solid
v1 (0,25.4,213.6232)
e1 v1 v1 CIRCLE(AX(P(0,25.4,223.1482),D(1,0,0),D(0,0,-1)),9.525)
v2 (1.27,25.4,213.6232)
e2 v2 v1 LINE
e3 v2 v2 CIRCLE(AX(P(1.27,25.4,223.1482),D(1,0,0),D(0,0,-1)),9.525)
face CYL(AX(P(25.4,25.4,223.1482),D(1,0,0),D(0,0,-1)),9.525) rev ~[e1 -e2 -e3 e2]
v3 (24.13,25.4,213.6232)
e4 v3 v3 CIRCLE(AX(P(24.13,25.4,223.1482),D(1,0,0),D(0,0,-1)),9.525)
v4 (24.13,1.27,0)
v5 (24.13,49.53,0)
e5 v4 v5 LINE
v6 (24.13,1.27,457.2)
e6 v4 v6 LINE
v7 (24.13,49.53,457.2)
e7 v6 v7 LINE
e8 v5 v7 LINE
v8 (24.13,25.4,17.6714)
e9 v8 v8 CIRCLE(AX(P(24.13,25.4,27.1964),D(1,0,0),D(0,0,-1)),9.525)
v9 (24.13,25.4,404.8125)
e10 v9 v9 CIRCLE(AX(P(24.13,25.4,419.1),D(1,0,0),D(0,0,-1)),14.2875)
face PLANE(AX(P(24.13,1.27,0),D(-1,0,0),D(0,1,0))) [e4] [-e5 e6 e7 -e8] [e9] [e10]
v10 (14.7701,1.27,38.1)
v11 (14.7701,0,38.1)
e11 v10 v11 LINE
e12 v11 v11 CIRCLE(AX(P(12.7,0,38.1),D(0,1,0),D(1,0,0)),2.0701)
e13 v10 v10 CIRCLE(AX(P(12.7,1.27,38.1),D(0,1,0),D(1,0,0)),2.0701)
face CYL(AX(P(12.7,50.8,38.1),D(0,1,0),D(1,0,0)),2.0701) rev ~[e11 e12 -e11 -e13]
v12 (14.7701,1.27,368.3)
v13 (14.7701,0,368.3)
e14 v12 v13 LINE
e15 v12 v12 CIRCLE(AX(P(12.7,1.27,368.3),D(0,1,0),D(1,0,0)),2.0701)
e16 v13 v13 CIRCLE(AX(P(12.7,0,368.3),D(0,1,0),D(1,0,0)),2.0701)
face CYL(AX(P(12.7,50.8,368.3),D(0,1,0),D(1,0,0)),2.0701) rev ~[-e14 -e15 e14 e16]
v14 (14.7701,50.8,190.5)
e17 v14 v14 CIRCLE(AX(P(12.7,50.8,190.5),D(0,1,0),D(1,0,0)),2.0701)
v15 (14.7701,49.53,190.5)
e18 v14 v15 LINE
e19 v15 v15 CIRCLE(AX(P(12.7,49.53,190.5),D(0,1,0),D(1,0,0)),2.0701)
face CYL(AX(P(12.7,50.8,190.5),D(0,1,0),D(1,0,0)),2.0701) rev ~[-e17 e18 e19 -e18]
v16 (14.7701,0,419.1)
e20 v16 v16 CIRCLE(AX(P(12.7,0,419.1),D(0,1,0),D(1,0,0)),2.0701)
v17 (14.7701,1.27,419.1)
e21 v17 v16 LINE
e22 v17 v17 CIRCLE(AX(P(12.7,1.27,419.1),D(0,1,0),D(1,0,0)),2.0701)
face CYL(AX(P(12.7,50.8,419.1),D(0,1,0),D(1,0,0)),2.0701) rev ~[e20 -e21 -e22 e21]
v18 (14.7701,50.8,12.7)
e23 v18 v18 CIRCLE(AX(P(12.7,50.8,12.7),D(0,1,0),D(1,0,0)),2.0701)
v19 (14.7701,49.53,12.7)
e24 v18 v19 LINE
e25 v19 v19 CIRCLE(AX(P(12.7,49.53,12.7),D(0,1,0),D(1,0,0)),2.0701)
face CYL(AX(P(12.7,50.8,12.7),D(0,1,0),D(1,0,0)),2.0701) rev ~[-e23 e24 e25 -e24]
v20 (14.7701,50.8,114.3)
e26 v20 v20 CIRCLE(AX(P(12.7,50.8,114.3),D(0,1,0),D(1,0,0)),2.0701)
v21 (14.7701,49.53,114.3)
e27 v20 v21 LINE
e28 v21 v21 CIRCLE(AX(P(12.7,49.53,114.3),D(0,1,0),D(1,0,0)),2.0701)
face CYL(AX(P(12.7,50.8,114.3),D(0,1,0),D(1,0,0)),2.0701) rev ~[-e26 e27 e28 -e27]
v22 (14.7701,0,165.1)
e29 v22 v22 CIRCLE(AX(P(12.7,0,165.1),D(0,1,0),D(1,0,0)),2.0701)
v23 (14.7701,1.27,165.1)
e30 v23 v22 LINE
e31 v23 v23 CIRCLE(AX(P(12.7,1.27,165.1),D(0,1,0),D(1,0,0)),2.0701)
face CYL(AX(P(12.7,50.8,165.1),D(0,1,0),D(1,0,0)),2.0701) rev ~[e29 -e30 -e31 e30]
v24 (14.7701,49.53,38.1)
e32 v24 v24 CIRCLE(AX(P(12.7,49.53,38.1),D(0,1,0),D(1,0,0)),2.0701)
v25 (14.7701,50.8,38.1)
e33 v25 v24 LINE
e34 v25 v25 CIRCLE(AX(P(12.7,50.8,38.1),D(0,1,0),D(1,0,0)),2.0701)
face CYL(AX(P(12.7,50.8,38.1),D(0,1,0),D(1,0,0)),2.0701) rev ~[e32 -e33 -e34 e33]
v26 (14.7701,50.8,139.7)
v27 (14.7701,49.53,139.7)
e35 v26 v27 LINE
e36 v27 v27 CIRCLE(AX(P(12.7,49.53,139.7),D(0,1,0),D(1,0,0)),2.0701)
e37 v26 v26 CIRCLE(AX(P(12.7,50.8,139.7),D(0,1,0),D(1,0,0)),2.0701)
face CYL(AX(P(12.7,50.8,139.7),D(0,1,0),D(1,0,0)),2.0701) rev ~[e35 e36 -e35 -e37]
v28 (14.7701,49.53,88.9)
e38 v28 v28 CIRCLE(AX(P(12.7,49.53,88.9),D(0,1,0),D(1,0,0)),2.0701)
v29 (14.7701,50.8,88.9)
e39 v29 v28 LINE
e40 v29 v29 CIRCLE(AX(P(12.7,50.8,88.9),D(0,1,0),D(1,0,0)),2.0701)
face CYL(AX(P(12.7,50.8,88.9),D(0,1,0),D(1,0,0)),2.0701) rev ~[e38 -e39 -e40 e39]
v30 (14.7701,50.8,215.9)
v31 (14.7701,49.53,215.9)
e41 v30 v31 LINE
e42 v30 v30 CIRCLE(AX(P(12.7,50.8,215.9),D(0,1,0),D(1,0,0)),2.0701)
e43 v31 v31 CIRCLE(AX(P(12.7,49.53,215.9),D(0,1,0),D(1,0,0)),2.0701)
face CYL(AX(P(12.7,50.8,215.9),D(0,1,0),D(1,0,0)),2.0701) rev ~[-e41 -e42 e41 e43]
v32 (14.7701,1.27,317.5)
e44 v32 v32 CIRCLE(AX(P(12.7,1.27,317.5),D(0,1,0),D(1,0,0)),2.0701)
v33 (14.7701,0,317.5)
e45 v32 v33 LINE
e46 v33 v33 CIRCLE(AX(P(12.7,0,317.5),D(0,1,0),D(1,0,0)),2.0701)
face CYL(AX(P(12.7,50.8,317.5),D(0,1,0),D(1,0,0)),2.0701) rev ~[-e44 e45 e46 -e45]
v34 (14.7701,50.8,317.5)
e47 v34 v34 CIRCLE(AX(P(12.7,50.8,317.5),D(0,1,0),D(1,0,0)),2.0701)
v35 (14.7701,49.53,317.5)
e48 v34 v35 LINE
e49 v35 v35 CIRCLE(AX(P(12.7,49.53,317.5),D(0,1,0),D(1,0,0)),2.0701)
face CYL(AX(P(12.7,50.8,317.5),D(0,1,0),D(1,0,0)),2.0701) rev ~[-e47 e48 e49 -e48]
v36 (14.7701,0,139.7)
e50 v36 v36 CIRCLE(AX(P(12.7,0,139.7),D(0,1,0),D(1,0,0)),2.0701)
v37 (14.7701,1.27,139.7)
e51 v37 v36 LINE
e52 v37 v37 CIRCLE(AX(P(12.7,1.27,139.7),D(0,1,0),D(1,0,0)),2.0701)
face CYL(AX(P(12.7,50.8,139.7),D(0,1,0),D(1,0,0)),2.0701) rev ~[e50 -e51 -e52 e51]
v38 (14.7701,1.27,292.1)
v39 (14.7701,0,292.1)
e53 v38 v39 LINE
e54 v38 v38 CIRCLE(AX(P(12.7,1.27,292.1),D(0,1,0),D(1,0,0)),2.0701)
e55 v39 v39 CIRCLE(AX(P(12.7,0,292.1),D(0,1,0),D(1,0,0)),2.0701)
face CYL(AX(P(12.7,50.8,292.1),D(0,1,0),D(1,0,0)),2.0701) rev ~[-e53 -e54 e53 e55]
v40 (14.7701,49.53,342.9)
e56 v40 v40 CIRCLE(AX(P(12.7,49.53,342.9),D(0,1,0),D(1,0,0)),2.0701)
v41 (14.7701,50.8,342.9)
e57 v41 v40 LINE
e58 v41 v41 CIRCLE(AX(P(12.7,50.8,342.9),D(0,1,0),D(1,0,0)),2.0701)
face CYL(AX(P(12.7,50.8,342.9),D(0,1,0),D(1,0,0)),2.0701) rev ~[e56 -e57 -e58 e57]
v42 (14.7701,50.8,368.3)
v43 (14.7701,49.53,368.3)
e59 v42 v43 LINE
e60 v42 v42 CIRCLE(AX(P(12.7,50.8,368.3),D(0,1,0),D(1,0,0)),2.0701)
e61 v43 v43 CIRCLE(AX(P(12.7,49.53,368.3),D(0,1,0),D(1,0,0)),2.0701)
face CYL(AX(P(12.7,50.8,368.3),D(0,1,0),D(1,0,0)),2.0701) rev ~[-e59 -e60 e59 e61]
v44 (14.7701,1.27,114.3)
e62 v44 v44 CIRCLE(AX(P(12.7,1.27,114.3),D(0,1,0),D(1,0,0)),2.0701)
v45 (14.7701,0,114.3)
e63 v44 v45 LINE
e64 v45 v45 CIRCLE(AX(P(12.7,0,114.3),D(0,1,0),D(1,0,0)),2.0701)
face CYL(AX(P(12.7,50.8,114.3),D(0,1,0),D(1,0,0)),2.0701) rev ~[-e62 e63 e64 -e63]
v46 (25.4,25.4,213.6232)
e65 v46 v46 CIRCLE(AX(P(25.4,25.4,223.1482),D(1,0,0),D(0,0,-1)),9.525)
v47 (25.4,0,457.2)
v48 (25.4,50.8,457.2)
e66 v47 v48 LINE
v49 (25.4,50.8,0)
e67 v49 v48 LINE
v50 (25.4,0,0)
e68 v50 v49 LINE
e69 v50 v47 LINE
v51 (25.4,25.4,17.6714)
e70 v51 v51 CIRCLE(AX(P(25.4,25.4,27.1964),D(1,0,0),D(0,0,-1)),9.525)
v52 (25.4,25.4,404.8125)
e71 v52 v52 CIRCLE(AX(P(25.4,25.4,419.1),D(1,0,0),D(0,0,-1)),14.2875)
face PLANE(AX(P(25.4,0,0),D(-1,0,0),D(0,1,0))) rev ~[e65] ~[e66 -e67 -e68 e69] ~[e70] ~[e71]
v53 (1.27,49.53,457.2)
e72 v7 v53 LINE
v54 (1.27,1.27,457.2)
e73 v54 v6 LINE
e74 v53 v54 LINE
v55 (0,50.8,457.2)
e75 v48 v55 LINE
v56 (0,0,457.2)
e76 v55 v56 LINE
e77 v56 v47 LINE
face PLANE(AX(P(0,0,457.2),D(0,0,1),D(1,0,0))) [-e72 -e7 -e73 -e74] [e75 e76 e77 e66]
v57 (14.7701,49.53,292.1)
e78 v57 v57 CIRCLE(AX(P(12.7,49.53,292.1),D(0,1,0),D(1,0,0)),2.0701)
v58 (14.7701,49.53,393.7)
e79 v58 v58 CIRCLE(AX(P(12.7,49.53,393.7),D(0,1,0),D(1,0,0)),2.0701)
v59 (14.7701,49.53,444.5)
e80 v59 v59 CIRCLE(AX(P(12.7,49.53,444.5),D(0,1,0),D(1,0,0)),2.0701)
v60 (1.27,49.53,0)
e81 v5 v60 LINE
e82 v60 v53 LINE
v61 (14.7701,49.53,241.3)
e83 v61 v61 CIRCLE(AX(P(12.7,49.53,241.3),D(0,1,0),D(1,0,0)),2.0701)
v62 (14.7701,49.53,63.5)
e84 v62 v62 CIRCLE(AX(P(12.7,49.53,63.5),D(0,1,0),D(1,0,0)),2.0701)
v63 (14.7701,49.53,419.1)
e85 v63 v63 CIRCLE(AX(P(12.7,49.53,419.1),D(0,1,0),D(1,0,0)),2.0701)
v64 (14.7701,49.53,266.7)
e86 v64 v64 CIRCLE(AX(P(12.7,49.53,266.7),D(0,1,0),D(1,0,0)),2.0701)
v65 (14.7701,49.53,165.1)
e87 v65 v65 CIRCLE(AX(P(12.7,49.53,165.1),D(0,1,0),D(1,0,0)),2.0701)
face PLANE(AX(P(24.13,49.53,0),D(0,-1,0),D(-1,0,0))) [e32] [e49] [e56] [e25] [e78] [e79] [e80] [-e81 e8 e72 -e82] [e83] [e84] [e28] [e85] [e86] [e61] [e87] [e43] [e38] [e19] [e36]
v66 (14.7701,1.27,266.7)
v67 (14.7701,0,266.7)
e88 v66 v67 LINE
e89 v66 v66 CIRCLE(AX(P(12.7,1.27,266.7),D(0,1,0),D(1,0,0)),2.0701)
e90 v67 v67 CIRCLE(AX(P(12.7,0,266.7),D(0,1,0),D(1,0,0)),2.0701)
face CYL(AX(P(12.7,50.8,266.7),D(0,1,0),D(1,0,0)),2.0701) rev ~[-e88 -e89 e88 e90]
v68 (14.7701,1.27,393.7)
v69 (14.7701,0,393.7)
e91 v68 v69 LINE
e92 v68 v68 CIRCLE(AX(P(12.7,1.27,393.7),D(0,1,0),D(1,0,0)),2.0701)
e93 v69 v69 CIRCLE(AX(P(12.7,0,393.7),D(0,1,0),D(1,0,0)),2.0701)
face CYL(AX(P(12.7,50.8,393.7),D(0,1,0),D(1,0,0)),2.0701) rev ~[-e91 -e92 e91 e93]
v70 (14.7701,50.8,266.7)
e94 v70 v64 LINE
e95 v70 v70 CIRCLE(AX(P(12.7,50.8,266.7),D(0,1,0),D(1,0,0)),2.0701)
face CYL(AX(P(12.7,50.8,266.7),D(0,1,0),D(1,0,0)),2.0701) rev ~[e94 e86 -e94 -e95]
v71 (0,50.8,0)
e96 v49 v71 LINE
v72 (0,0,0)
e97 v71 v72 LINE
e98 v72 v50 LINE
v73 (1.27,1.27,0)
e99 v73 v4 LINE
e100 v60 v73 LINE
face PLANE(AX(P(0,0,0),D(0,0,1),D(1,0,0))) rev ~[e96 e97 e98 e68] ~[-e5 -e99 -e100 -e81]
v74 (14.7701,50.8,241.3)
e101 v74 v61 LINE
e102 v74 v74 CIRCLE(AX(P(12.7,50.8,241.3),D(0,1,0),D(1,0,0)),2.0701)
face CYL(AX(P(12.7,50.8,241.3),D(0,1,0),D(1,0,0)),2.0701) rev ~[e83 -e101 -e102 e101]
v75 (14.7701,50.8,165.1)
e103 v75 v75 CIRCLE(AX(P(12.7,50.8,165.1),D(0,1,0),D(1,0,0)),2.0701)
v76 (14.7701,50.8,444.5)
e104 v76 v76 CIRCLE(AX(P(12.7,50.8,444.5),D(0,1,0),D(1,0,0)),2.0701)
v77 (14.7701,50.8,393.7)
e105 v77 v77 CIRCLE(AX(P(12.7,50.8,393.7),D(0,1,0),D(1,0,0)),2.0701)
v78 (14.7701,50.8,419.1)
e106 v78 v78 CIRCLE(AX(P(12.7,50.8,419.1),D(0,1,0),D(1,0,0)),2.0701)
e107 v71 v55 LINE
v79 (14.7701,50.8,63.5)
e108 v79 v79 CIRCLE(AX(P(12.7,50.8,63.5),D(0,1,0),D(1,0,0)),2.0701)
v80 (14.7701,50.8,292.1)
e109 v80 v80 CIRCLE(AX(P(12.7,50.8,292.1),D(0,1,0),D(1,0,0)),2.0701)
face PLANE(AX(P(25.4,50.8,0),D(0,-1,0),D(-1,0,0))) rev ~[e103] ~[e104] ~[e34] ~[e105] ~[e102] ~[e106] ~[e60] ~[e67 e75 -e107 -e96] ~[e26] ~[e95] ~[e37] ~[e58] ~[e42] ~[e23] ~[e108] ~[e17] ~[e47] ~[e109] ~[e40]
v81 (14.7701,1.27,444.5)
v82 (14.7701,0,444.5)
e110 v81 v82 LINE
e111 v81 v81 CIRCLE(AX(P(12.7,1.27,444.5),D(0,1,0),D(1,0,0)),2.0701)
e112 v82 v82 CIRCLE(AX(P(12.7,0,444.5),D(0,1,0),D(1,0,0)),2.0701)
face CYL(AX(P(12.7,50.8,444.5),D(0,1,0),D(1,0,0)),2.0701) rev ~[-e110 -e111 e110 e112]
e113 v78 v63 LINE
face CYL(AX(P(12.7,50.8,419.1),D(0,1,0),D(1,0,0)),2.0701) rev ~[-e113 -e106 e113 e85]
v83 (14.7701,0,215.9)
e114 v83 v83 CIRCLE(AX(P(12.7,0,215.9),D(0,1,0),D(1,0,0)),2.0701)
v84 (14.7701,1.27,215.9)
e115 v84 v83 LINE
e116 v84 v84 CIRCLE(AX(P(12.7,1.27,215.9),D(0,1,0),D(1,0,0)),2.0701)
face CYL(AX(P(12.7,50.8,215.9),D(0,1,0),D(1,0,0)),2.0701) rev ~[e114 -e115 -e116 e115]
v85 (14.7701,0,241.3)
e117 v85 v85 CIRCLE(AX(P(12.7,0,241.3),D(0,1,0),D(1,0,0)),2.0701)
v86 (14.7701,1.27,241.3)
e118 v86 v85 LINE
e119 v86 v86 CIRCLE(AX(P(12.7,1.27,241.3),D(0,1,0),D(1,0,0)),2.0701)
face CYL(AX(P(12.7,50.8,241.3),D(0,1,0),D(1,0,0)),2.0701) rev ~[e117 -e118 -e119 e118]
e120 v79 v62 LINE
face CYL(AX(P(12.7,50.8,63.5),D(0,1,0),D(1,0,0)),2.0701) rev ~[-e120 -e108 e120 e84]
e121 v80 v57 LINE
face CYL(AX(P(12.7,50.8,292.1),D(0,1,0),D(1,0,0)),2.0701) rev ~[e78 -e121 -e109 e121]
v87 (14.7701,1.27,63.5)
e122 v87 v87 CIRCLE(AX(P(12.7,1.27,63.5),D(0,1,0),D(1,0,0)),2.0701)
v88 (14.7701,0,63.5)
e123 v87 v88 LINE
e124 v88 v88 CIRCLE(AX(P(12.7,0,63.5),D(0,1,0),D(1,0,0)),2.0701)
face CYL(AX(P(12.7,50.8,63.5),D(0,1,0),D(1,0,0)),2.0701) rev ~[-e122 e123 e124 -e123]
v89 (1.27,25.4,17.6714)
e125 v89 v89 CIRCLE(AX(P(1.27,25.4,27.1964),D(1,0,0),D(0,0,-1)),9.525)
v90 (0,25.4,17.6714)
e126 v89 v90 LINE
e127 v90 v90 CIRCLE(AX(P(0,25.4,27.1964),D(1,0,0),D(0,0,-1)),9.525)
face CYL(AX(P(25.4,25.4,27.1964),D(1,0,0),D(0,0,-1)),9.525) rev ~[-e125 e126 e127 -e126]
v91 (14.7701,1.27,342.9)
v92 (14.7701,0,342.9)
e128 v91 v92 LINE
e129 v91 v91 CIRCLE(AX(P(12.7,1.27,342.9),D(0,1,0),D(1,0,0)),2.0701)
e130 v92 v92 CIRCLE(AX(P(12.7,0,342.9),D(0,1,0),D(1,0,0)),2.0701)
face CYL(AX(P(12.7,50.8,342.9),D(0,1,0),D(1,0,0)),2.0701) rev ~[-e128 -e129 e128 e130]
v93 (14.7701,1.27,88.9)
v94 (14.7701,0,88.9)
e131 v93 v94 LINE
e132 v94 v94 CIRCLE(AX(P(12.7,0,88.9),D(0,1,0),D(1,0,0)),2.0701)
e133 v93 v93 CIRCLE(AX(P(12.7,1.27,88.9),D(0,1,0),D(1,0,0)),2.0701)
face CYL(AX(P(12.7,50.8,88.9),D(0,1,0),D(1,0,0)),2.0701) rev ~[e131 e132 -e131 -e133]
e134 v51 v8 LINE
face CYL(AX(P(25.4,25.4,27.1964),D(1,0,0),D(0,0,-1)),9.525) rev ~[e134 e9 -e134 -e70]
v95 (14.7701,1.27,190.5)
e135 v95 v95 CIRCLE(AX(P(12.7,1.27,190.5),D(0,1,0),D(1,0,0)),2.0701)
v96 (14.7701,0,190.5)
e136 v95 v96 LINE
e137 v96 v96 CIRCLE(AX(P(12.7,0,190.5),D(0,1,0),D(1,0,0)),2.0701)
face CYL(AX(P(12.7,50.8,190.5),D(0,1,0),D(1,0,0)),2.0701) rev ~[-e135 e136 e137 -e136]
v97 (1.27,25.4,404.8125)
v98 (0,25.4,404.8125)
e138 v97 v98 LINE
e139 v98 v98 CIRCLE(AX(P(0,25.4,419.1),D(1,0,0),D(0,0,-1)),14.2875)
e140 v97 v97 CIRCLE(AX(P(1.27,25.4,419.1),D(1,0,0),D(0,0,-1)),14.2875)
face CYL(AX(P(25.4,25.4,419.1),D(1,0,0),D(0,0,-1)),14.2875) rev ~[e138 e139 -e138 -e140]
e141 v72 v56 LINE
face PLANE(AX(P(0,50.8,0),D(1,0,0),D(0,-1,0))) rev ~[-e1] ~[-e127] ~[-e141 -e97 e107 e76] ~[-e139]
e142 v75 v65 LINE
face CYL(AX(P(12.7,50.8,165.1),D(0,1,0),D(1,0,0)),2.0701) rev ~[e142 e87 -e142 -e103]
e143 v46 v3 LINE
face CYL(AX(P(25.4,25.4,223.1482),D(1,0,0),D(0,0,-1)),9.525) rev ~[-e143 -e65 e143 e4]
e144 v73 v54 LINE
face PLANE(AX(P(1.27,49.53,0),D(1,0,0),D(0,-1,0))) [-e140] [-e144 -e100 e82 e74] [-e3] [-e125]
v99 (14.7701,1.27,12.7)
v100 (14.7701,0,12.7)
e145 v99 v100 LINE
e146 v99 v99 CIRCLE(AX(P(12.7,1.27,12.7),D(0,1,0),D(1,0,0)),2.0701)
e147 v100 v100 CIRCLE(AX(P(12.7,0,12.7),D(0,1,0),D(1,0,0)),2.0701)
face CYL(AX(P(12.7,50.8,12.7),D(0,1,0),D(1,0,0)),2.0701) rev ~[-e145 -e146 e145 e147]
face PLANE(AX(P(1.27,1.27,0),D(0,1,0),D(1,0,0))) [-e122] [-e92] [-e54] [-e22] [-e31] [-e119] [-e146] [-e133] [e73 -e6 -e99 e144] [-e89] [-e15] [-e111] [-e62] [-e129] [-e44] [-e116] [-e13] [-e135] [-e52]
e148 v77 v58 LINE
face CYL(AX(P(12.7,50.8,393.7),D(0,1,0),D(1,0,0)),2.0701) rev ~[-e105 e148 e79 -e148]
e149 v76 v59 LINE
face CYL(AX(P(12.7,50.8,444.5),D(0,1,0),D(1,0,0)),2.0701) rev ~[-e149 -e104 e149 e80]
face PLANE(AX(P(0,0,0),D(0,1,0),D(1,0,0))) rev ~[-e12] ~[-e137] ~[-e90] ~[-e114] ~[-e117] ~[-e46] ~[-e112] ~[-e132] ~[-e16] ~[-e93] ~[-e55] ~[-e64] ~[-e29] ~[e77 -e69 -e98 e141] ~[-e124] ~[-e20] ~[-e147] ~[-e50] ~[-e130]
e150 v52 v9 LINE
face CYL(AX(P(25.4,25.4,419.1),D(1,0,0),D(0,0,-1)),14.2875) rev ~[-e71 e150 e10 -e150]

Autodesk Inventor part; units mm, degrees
ref_plane "YZ Plane" through (0, 0, 0) normal (1, 0, 0) x (0, 1, 0)
ref_plane "XZ Plane" through (0, 0, 0) normal (0, 1, 0) x (-1, 0, 0)
ref_plane "XY Plane" through (0, 0, 0) normal (0, 0, 1) x (1, 0, 0)
sketch "Sketch1" plane through (0, 0, 0) normal (0, 0, 1) x (1, 0, 0)
  line L0 (0, 0) -> (25.4, 0)
  line L1 (25.4, 0) -> (25.4, 50.8)
  line L2 (25.4, 50.8) -> (0, 50.8)
  line L3 (0, 50.8) -> (0, 0)
  line L4 (1.27, 1.27) -> (24.13, 1.27)
  line L5 (24.13, 1.27) -> (24.13, 49.53)
  line L6 (24.13, 49.53) -> (1.27, 49.53)
  line L7 (1.27, 49.53) -> (1.27, 1.27)
  dimension "d0" = 25.4
  dimension "d1" = 50.8
  dimension "d4" = 1.27
  dimension "d5" = 1.27
extrude "Extrusion1" add sketch "Sketch1" along normal blind 457.2
sketch "Sketch2" plane through (0, 50.8, 0) normal (0, 1, 0) x (1, 0, 0)
  line L0 (1.27, -457.2) -> (24.13, -457.2) projected
  circle A0 centre (12.7, -12.7) radius 2.0701
  line L1 (0, 0) -> (0, -457.2) projected
  line L2 (25.4, 0) -> (0, 0) projected
  dimension "d9" = 4.1402
  dimension "d10" = 12.7
  dimension "d11" = 12.7
extrude "Extrusion2" cut sketch "Sketch2" against normal blind 457.2
pattern_linear "Rectangular Pattern1" count 18 spacing 25.4 along (0, 0, 1) of "Extrusion2"
sketch "Sketch3" plane through (25.4, 0, 0) normal (1, 0, 0) x (0, 0, -1)
  line L0 (-457.2, 0) -> (-457.2, 50.8) projected
  line L1 (-457.2, 25.4) -> (0, 25.4) construction
  circle A0 centre (-419.1, 25.4) radius 14.2875
  circle A1 centre (-223.1482, 25.4) radius 9.525
  circle A2 centre (-27.1964, 25.4) radius 9.525
  point P0 (0, 0)
  dimension "d17" = 19.05
  dimension "d18" = 38.1
  dimension "d19" = 28.575
  dimension "d20" = 195.9518
  dimension "d21" = 195.9518
extrude "Extrusion3" cut sketch "Sketch3" against normal through all
equation "\"d0\" = u1"
equation "\"d1\" = u2"
equation "\"d4\" = u3"
equation "\"d5\" = u3"
equation "\"d6\" = u4"
equation "\"d9\" = u5"
equation "\"d10\" = u6"
equation "\"d11\" = u7"
equation "\"d12\" = u4"
equation "\"d20\" = u10"
equation "\"d21\" = u10"
equation "\"d16\" = u9"
equation "\"u1\" = 25.4"
equation "\"u2\" = 50.8"
equation "\"u3\" = 1.27"
equation "\"u4\" = 457.2"
equation "\"u5\" = 4.1402"
equation "\"u6\" = 12.7"
equation "\"u7\" = 12.7"
equation "\"u9\" = 25.4"
equation "\"u10\" = 195.95178"
properties part number "VerseFrame 18in Uptake"
